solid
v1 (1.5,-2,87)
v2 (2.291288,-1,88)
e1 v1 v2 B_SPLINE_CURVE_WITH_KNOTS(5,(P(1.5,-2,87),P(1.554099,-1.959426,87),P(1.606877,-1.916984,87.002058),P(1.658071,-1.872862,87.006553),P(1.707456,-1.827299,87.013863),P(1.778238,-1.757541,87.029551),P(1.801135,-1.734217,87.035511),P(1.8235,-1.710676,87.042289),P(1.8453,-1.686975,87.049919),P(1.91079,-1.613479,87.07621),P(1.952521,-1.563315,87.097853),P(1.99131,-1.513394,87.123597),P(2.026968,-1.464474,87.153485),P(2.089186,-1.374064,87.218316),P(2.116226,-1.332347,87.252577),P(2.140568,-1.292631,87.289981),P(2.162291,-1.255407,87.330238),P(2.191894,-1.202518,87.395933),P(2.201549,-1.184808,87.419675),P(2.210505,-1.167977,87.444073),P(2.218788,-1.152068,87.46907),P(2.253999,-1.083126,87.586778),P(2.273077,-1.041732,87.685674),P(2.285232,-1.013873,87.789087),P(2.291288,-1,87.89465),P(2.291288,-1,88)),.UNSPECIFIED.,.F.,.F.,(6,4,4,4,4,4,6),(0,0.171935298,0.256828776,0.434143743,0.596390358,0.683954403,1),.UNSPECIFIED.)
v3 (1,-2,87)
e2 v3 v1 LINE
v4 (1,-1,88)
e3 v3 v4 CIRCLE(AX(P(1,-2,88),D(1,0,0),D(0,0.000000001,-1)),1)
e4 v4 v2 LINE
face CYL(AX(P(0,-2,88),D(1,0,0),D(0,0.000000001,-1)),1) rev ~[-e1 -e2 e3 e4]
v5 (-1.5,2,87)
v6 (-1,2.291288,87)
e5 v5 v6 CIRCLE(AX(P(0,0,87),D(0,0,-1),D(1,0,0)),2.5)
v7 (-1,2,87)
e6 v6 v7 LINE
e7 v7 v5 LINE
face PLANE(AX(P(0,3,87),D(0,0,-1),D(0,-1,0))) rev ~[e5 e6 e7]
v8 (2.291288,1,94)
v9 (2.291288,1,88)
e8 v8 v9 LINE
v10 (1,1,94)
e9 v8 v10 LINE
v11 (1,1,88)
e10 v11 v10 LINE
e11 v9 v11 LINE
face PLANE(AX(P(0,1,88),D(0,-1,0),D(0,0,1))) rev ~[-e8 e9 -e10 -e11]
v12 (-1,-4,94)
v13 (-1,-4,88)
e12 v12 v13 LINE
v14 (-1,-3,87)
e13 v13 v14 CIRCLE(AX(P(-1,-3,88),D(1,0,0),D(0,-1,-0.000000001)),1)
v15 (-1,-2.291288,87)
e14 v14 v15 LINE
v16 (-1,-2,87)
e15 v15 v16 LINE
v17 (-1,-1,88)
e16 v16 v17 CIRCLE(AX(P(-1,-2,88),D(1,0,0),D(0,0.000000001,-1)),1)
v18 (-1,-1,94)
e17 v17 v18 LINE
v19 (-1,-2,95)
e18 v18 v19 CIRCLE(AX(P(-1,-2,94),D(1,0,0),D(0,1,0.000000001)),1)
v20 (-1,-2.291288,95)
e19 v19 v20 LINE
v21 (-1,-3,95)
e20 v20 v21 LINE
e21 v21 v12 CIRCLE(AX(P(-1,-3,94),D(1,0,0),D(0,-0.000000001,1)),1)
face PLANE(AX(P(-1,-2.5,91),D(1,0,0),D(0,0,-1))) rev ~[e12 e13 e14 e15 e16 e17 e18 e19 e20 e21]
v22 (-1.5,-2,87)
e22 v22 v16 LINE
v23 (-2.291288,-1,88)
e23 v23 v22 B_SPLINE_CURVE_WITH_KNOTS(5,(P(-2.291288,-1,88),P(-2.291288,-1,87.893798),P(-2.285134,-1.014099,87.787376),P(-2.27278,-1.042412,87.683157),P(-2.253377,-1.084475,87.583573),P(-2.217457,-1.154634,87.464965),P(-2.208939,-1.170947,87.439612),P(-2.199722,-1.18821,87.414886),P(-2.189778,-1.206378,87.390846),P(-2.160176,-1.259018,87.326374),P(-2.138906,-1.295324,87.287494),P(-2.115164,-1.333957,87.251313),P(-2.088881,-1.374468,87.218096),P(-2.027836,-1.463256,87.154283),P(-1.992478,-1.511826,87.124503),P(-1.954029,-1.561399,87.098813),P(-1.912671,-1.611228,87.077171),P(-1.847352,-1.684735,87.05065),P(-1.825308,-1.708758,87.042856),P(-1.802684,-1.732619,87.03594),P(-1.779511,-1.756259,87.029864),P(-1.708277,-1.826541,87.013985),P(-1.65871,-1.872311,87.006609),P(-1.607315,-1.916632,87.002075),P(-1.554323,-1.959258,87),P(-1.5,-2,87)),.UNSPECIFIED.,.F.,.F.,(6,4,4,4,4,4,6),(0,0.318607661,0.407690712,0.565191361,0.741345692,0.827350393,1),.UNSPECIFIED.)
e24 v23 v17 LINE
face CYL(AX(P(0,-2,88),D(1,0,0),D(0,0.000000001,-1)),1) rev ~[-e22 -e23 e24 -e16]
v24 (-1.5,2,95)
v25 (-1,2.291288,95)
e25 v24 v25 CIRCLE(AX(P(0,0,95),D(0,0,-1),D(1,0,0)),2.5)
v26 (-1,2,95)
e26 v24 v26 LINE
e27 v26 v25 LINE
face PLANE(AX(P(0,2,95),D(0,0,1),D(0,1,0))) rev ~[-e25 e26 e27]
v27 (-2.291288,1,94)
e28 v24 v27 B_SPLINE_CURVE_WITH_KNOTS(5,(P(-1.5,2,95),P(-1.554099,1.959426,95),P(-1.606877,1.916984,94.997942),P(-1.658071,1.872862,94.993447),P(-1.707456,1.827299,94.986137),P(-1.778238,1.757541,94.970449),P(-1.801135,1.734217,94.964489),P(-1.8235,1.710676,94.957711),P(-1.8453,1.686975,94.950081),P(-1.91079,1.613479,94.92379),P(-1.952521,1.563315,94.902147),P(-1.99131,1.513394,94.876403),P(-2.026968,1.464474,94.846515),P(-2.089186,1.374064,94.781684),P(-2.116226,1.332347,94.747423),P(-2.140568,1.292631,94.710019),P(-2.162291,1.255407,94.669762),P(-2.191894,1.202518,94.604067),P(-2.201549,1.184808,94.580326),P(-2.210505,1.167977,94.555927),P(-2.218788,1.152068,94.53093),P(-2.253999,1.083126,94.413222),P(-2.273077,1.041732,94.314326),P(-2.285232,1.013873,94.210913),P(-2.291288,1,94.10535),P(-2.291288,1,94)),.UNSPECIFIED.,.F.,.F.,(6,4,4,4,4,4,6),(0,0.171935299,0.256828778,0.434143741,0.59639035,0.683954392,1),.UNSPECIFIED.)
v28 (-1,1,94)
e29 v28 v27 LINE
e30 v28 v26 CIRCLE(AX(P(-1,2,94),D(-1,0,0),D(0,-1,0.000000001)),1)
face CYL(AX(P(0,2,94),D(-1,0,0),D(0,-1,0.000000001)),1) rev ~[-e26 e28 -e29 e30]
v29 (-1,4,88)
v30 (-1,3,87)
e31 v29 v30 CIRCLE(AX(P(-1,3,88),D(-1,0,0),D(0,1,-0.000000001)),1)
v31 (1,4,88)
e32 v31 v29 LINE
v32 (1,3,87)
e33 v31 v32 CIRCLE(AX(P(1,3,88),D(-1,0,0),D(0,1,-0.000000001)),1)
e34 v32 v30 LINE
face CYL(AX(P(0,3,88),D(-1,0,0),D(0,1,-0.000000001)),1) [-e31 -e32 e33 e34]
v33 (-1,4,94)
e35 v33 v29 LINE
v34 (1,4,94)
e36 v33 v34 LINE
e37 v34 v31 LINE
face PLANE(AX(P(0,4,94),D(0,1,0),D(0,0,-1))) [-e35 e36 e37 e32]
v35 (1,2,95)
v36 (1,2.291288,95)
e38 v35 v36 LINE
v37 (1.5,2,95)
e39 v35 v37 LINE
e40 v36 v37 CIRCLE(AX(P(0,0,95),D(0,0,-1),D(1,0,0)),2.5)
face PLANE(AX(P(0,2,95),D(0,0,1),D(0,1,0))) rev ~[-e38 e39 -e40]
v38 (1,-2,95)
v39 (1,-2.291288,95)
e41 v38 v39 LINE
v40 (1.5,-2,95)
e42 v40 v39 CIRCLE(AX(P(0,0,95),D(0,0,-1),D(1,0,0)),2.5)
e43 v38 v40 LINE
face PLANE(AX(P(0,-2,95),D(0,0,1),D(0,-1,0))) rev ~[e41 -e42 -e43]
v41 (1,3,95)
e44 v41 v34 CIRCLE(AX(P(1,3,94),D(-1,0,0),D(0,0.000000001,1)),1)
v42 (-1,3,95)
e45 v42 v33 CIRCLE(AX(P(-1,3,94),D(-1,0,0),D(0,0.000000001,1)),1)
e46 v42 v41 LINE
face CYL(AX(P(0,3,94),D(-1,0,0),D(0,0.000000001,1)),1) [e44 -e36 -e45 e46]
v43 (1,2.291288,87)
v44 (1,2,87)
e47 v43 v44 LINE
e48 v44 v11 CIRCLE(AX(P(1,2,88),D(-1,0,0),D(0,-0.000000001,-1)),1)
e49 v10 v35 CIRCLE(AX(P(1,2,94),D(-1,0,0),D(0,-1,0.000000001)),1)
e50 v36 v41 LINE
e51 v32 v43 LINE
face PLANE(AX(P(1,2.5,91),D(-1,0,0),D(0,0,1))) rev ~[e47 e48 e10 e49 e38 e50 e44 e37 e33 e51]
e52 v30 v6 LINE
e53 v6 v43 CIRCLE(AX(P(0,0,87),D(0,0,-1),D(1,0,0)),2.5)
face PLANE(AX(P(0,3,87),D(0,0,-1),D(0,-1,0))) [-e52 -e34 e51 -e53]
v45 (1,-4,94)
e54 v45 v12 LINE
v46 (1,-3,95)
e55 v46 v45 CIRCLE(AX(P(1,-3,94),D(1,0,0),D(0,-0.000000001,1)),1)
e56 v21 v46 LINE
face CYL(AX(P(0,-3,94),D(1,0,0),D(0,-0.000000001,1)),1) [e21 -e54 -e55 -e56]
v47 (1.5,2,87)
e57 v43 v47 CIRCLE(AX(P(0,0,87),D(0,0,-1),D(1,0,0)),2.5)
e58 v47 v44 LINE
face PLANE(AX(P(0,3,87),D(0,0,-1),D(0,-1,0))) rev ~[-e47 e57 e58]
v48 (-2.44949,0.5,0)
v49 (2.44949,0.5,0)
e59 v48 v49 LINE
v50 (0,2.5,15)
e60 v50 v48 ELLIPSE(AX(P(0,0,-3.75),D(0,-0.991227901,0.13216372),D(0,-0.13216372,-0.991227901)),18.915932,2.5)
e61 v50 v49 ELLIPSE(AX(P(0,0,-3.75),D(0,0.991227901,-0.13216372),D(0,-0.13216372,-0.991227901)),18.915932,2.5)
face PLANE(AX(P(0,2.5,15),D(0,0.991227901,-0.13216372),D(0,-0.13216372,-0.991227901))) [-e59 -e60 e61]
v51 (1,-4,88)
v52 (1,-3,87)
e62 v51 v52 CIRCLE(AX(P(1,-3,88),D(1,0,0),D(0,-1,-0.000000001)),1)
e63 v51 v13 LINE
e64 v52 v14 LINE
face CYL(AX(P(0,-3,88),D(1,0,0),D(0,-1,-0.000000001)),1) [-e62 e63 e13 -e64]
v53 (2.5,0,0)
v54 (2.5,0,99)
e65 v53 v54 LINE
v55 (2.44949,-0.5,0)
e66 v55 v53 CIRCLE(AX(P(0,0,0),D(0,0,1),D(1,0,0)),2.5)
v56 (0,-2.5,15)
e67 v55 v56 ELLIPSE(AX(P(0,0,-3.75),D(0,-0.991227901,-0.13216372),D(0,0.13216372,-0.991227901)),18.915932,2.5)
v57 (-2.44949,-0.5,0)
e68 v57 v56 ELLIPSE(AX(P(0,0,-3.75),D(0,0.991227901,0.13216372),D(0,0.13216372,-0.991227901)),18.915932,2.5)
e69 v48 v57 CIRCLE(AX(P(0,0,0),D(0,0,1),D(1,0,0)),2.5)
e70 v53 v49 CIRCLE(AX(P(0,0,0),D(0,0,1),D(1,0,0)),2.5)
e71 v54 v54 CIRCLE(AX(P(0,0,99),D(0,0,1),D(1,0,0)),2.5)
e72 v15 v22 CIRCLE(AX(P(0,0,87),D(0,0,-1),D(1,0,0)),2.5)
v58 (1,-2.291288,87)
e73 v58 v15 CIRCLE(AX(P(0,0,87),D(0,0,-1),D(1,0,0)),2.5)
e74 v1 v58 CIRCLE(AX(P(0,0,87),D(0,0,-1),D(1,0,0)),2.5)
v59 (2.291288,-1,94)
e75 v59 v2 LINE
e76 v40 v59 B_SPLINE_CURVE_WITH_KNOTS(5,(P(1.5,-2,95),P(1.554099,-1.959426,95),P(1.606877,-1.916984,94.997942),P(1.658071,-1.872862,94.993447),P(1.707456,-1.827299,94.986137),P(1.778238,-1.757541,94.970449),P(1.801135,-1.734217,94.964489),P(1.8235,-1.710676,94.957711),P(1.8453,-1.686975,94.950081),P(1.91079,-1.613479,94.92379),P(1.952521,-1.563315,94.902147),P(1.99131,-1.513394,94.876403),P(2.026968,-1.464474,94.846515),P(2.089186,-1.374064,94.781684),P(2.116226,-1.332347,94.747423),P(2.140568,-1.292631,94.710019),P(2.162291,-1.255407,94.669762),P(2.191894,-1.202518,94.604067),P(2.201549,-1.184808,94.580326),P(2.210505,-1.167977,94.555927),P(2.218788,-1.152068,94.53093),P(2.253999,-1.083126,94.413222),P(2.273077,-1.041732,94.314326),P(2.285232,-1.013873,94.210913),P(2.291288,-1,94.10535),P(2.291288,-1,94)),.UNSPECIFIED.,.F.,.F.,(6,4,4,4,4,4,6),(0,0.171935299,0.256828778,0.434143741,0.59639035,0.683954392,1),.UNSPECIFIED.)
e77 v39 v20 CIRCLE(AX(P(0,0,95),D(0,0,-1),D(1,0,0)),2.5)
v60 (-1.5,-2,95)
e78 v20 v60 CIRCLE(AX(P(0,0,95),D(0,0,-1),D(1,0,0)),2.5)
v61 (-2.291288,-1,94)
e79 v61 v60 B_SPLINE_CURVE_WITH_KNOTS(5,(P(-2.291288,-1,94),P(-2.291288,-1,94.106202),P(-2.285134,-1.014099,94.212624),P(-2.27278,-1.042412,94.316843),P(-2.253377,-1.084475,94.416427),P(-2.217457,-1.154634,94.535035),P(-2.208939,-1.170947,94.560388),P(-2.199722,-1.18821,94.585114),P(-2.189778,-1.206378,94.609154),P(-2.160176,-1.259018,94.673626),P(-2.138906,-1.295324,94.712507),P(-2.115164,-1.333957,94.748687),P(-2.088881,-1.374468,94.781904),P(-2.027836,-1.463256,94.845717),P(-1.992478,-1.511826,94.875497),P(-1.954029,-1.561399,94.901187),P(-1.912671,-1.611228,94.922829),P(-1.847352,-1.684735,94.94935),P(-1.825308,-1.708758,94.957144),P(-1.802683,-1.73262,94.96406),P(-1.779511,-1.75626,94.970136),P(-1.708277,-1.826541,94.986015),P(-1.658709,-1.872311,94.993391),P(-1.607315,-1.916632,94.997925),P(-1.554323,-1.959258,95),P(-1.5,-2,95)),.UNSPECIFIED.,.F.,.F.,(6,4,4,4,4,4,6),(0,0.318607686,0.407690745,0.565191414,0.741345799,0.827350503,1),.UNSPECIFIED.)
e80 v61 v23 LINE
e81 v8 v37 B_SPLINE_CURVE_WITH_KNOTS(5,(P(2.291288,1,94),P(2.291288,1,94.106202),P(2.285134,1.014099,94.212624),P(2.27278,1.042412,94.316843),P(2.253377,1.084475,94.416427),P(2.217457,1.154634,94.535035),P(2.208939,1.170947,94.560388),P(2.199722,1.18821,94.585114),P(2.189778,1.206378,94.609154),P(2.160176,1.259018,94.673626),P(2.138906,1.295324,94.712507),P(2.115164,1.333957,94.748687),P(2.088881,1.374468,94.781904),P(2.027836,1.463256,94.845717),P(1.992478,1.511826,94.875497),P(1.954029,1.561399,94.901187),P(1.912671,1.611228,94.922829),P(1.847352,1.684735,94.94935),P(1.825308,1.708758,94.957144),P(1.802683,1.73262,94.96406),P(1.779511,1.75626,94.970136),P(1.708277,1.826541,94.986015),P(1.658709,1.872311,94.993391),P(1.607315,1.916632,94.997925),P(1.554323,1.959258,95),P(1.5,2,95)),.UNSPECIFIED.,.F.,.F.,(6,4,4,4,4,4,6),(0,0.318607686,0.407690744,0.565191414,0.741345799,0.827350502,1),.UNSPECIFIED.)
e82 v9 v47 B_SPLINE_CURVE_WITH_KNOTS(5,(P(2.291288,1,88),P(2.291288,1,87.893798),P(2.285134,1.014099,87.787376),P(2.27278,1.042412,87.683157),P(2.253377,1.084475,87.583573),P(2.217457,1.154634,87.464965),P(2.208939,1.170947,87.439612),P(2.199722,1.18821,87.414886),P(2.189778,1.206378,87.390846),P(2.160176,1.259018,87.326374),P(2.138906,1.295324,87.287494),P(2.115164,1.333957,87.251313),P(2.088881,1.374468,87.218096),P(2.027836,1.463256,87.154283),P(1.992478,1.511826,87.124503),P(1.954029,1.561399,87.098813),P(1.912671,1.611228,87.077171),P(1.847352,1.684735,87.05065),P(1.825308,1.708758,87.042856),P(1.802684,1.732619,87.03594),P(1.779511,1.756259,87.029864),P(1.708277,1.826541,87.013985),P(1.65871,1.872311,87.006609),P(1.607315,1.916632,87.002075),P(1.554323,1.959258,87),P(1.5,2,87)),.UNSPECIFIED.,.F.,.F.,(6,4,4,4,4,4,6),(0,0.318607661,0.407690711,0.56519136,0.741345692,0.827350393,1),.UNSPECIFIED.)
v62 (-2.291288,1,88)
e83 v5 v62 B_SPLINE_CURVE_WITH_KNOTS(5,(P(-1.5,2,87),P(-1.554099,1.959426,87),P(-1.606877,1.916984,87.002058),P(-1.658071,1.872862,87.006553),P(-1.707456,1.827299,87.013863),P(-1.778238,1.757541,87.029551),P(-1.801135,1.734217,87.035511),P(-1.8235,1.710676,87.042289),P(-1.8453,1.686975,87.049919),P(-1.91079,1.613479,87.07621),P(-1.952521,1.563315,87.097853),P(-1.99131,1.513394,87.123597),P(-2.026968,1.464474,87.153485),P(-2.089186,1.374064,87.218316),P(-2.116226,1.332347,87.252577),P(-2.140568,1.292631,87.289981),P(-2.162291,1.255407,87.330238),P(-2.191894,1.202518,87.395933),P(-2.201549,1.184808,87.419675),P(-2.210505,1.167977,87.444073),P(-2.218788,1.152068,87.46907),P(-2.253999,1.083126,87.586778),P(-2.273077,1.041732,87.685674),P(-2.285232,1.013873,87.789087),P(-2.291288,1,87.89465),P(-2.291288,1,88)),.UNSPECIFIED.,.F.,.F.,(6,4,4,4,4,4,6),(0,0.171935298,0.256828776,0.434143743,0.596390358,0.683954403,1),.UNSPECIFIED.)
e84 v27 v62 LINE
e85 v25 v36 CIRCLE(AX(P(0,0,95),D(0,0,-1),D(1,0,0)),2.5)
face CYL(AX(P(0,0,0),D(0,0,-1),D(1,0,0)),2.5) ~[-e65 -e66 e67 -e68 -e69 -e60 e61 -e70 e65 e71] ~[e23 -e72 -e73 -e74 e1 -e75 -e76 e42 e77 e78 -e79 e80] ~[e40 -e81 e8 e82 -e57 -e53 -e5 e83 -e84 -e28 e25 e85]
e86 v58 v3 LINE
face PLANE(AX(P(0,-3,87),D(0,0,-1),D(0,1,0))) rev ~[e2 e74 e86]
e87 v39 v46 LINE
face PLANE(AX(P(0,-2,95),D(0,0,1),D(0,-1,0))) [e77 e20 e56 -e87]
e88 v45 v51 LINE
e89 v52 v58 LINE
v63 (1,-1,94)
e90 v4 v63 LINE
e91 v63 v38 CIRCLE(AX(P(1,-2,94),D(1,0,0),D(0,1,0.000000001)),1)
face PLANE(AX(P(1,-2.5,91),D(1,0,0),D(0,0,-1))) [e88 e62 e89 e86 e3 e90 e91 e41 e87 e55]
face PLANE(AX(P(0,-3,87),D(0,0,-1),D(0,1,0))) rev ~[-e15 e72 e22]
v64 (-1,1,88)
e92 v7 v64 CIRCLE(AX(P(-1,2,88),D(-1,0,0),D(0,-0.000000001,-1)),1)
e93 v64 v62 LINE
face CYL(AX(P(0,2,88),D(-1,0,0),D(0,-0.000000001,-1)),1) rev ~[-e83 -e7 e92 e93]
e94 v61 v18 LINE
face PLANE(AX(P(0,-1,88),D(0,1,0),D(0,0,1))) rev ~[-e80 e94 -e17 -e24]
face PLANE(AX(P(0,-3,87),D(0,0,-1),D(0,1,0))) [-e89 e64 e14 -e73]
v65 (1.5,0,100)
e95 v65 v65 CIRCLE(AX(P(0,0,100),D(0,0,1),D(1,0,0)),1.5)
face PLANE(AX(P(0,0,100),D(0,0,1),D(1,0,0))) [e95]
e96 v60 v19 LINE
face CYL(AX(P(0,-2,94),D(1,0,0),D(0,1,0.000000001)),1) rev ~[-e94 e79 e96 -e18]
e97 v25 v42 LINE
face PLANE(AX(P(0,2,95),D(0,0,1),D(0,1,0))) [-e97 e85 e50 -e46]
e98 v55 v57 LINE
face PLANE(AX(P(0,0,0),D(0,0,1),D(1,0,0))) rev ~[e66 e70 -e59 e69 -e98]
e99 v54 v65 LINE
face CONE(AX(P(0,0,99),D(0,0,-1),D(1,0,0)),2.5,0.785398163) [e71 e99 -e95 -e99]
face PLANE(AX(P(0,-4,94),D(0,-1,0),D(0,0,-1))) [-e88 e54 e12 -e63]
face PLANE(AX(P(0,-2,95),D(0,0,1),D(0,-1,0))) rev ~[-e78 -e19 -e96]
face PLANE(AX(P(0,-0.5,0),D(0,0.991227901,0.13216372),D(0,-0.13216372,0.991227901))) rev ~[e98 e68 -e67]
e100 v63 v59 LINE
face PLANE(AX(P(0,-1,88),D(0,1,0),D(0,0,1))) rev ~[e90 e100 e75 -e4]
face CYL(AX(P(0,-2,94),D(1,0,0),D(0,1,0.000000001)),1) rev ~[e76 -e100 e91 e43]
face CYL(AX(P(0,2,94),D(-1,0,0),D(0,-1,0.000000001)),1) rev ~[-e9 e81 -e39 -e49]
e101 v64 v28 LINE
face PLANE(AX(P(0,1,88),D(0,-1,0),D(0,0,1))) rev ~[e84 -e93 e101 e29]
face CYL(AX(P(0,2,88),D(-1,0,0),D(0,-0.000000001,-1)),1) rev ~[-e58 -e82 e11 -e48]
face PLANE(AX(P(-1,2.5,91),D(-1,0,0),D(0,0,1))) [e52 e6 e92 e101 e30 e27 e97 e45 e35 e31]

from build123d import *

# Parameters (mm, degrees)
SKETCH1_R               = 2.5
BOSS_EXTRUDE1_DEPTH     = 100
CUT_EXTRUDE1_DEPTH      = 5
BOSS_EXTRUDE2_DEPTH     = 1
CHAMFER1_SIZE           = 1
CUT_EXTRUDE2_DEPTH      = 101.111188188
CUT_EXTRUDE2_DEPTH_BACK = 101.111188188


with BuildPart() as part:
    # Sketch1 → Boss-Extrude1 (new body)
    with BuildSketch(Plane.XY):
        Circle(SKETCH1_R)
    extrude(amount=BOSS_EXTRUDE1_DEPTH)

    # Sketch2 → Cut-Extrude1 (cut, symmetric)
    with BuildSketch(Plane(origin=(0, 0, 0), x_dir=(0, 0, -1), z_dir=(1, 0, 0))):
        with BuildLine():
            Line((-94, 4), (-88, 4))
            ThreePointArc((-88, 4), (-87.292893219, 3.707106781), (-87, 3))
            Line((-87, 3), (-87, 2))
            ThreePointArc((-87, 2), (-87.292893219, 1.292893219), (-88, 1))
            Line((-88, 1), (-94, 1))
            ThreePointArc((-94, 1), (-94.707106781, 1.292893219), (-95, 2))
            Line((-95, 2), (-95, 3))
            ThreePointArc((-95, 3), (-94.707106781, 3.707106781), (-94, 4))
        make_face()
        with BuildLine():
            Line((-87, -3), (-87, -2))
            ThreePointArc((-87, -2), (-87.292893219, -1.292893219), (-88, -1))
            Line((-88, -1), (-94, -1))
            ThreePointArc((-94, -1), (-94.707106781, -1.292893219), (-95, -2))
            Line((-95, -2), (-95, -3))
            ThreePointArc((-95, -3), (-94.707106781, -3.707106781), (-94, -4))
            Line((-94, -4), (-88, -4))
            ThreePointArc((-88, -4), (-87.292893219, -3.707106781), (-87, -3))
        make_face()
    extrude(amount=CUT_EXTRUDE1_DEPTH, both=True, mode=Mode.SUBTRACT)

    # Sketch2<2> → Boss-Extrude2 (add, symmetric)
    with BuildSketch(Plane(origin=(0, 0, 0), x_dir=(0, 0, -1), z_dir=(1, 0, 0))):
        with BuildLine():
            Line((-94, 4), (-88, 4))
            ThreePointArc((-88, 4), (-87.292893219, 3.707106781), (-87, 3))
            Line((-87, 3), (-87, 2))
            ThreePointArc((-87, 2), (-87.292893219, 1.292893219), (-88, 1))
            Line((-88, 1), (-94, 1))
            ThreePointArc((-94, 1), (-94.707106781, 1.292893219), (-95, 2))
            Line((-95, 2), (-95, 3))
            ThreePointArc((-95, 3), (-94.707106781, 3.707106781), (-94, 4))
        make_face()
        with BuildLine():
            Line((-87, -3), (-87, -2))
            ThreePointArc((-87, -2), (-87.292893219, -1.292893219), (-88, -1))
            Line((-88, -1), (-94, -1))
            ThreePointArc((-94, -1), (-94.707106781, -1.292893219), (-95, -2))
            Line((-95, -2), (-95, -3))
            ThreePointArc((-95, -3), (-94.707106781, -3.707106781), (-94, -4))
            Line((-94, -4), (-88, -4))
            ThreePointArc((-88, -4), (-87.292893219, -3.707106781), (-87, -3))
        make_face()
    extrude(amount=BOSS_EXTRUDE2_DEPTH, both=True)

    # Chamfer1
    chamfer1_edges = [part.edges().sort_by_distance(p)[0] for p in [
        (-2.5, 0, 100),
    ]]
    chamfer(chamfer1_edges, length=CHAMFER1_SIZE)

    # Sketch3 → Cut-Extrude2 (cut, two sides: drawn at the far end of the back side and taken through both)
    with BuildSketch(Plane(origin=(0, 0, 0), x_dir=(0, 0, -1), z_dir=(1, 0, 0)).offset(-CUT_EXTRUDE2_DEPTH_BACK)):
        Polygon((0, -2.5), (0, -0.5), (-15, -2.5), align=None)
        Polygon((-15, 2.5), (0, 0.5), (0, 2.5), align=None)
    extrude(amount=CUT_EXTRUDE2_DEPTH + CUT_EXTRUDE2_DEPTH_BACK, mode=Mode.SUBTRACT)


solid = part.part
